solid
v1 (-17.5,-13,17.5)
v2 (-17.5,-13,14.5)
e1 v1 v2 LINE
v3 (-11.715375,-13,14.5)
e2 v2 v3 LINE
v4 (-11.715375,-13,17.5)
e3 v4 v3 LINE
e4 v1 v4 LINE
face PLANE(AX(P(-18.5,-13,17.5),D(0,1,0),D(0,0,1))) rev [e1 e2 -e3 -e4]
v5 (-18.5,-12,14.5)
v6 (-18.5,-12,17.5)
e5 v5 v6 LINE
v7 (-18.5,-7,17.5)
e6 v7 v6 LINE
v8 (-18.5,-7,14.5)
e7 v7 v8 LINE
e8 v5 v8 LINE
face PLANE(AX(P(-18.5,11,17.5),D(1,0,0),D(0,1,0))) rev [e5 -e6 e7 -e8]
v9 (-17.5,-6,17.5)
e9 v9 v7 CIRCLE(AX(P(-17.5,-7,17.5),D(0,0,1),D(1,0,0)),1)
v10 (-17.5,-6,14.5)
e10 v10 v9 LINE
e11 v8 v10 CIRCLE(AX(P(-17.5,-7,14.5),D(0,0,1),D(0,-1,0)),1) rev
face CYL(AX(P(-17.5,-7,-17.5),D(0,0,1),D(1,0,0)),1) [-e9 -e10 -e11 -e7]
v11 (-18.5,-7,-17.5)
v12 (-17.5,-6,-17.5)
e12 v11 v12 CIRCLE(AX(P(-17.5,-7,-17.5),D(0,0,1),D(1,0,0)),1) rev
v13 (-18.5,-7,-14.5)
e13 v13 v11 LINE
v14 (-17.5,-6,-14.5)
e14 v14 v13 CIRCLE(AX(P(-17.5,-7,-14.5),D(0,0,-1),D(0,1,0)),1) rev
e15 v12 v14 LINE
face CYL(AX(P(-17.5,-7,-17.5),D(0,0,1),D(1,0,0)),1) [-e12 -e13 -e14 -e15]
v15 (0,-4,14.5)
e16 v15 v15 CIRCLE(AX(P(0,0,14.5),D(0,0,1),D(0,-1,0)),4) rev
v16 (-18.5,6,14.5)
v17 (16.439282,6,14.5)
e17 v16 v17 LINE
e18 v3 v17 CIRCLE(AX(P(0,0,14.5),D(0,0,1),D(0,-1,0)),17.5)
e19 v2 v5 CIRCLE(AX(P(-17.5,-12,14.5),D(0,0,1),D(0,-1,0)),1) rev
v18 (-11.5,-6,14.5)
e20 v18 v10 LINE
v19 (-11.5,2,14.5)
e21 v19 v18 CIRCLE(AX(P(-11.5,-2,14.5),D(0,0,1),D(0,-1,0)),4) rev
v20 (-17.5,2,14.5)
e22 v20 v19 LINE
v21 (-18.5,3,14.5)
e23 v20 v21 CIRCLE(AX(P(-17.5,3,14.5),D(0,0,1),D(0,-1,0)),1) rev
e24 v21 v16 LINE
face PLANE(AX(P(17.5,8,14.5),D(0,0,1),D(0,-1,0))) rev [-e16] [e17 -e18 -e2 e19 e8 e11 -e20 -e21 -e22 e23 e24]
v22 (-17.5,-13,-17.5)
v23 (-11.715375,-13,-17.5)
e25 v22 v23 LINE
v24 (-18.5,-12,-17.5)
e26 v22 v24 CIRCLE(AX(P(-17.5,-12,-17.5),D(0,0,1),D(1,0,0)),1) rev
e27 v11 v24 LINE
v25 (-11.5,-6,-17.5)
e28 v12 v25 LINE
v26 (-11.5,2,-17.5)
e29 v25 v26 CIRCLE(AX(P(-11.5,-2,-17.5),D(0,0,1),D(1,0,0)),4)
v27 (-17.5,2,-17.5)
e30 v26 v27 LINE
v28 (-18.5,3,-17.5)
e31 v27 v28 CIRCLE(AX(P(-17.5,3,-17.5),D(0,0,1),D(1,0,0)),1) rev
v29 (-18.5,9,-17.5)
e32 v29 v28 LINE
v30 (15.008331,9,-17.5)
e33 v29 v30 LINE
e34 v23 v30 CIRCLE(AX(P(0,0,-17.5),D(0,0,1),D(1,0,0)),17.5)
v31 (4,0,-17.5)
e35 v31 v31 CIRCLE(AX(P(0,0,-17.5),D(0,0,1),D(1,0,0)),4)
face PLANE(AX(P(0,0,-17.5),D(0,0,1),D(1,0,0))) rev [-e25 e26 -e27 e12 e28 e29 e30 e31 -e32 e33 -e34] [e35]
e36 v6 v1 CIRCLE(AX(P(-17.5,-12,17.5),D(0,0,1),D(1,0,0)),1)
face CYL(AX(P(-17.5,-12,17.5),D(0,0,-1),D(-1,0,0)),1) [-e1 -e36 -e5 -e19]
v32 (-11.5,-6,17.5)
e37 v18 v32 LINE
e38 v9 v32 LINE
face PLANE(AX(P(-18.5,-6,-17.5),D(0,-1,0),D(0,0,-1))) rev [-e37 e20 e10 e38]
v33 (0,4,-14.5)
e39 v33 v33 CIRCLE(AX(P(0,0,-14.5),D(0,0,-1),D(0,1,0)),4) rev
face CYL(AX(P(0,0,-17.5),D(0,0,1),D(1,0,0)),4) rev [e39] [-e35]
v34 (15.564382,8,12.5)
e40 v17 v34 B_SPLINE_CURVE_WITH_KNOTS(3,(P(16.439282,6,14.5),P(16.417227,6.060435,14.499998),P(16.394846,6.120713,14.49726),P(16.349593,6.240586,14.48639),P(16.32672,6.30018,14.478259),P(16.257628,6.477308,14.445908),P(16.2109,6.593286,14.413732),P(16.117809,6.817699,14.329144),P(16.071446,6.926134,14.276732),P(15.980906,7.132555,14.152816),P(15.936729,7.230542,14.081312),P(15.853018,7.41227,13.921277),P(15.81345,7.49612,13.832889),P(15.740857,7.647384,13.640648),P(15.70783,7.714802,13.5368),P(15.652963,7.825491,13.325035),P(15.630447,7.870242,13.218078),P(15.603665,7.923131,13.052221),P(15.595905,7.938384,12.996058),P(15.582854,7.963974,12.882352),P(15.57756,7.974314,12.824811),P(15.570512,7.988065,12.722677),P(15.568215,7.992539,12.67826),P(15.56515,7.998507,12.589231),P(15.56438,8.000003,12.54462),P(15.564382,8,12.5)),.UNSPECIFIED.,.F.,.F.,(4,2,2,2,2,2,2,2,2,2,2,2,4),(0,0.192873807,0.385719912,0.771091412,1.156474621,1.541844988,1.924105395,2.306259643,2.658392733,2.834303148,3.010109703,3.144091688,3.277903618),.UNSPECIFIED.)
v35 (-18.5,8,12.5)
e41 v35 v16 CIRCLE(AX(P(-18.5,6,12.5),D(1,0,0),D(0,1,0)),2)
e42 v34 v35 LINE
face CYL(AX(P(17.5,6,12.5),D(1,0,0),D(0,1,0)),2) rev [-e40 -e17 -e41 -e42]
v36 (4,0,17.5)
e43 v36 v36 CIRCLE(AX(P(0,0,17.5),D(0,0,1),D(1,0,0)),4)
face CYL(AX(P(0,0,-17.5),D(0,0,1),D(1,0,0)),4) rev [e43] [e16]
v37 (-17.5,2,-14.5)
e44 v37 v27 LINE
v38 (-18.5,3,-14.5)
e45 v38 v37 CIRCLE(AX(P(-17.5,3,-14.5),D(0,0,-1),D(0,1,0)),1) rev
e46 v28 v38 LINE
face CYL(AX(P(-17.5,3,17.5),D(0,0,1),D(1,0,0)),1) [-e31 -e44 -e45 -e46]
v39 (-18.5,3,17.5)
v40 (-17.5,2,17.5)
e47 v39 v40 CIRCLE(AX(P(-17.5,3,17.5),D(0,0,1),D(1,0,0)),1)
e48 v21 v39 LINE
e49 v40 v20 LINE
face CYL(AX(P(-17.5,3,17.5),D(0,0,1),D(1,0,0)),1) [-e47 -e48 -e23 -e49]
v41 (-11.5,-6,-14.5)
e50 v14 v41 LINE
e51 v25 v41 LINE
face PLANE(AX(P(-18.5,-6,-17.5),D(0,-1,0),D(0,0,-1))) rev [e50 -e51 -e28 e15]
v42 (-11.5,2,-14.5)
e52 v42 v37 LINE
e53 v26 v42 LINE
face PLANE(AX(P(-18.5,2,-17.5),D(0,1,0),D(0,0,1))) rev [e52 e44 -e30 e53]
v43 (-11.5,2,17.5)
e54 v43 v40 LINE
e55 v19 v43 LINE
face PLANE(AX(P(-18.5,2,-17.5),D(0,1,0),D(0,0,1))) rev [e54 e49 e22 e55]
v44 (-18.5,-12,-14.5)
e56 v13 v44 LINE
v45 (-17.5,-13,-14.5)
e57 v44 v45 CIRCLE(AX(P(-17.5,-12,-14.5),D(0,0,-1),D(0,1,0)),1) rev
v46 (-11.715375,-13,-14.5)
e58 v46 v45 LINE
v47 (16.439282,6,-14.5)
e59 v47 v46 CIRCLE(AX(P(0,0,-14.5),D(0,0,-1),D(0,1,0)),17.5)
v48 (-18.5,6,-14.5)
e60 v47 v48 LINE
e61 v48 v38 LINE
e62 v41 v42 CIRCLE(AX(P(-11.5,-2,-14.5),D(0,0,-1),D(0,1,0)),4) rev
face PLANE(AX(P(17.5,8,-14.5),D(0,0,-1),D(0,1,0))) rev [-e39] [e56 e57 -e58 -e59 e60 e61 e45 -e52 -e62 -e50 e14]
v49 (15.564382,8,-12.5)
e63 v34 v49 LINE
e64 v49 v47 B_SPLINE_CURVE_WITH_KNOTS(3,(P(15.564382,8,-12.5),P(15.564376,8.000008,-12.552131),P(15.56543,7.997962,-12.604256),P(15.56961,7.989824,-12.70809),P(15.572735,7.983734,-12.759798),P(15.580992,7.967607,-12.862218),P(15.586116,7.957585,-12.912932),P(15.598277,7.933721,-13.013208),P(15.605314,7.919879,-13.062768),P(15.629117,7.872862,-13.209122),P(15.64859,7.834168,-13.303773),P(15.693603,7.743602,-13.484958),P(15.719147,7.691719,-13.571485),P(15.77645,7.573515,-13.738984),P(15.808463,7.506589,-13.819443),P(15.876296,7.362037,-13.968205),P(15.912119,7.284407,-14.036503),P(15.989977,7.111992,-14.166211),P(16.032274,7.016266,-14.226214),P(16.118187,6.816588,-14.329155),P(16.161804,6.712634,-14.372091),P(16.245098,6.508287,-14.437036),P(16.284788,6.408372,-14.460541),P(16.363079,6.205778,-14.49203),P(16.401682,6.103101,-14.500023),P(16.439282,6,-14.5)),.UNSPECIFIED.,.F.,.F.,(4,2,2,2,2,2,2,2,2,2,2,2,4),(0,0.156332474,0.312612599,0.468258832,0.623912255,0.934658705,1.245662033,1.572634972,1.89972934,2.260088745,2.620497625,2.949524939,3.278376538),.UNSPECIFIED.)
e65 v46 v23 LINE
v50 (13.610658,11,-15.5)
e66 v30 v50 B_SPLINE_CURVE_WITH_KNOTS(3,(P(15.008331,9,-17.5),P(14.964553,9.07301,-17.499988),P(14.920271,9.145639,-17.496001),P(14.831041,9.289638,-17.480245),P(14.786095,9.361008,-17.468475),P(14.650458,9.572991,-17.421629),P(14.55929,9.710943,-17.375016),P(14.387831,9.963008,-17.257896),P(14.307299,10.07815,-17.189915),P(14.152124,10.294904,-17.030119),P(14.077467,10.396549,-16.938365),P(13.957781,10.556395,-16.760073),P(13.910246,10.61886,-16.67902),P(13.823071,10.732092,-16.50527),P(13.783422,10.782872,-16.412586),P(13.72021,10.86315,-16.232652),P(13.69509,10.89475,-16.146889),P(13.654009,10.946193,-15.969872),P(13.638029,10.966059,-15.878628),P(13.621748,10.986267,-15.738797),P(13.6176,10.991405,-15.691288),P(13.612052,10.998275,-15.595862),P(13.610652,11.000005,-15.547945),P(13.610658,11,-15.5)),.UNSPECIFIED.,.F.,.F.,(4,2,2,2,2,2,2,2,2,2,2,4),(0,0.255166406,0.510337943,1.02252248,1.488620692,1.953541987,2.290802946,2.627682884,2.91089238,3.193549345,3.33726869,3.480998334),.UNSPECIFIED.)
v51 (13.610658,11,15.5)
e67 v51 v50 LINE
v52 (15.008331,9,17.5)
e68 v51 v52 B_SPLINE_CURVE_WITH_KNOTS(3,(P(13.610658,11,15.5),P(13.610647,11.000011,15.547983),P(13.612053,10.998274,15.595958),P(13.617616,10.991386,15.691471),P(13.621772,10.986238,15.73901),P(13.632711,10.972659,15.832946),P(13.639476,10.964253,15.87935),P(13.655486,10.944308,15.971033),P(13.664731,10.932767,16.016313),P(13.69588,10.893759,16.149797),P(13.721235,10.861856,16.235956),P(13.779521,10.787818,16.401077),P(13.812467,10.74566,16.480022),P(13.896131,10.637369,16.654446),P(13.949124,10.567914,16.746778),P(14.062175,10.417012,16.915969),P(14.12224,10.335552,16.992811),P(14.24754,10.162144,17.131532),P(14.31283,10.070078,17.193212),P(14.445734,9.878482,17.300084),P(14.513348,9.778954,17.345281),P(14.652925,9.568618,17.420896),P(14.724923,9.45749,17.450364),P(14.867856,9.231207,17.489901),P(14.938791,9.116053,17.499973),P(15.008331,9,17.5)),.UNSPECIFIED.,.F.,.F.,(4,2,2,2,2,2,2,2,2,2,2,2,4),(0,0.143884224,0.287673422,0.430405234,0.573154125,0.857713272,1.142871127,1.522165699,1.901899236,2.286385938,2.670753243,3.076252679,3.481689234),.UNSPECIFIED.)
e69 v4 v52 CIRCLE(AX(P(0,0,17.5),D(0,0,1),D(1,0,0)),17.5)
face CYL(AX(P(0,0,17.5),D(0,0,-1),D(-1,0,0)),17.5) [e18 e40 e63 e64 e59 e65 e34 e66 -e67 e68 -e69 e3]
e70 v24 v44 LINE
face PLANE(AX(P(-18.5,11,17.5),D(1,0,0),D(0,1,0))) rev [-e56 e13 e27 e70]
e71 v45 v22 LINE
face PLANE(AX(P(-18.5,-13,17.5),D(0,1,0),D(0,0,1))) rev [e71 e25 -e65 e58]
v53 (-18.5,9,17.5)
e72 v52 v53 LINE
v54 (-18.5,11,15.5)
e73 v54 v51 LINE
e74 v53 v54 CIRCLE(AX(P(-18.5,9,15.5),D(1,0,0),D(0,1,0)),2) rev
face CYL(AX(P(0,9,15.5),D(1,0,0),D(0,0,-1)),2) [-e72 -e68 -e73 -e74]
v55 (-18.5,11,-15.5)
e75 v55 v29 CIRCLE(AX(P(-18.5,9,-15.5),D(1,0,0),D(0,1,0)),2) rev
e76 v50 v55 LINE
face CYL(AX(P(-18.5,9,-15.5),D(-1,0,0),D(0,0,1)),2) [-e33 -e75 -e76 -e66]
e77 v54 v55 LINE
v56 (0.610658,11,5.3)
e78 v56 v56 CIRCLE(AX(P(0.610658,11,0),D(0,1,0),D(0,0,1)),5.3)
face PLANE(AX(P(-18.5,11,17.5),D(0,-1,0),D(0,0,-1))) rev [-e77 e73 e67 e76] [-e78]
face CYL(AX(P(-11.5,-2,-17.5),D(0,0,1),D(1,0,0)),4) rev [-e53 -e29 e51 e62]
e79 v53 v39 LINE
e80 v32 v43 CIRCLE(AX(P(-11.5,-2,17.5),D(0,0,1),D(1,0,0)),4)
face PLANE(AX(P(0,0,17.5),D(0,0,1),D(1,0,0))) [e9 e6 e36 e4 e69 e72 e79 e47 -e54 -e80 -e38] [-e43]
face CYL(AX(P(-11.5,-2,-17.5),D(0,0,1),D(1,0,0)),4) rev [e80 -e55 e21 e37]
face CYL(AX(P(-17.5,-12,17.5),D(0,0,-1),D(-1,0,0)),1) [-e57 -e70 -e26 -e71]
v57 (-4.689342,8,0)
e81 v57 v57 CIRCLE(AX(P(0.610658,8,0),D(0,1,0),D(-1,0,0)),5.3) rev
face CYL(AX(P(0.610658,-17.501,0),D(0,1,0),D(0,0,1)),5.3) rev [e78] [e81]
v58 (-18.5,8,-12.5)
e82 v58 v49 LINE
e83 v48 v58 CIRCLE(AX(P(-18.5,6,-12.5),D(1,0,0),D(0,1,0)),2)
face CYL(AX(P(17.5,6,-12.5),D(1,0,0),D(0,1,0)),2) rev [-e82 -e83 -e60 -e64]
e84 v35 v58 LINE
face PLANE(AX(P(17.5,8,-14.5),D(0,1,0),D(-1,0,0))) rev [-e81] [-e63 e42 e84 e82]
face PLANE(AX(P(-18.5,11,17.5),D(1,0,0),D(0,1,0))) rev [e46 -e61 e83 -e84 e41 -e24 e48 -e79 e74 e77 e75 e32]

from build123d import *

# Parameters (mm, degrees)
EXTRUDE_1_DEPTH     = 17.5
SKETCH_2_R          = 4
CUT_EXTRUDE_1_DEPTH = 44.283946216
SKETCH_3_W          = 29
SKETCH_3_H          = 25.5
CUT_EXTRUDE_2_DEPTH = 44.686382318
CUT_EXTRUDE_3_REACH = 40.22
SKETCH_4_R          = 5.3
FILLET_1_R          = 1
FILLET_2_R          = 2


with BuildPart() as part:
    # ｽｹｯﾁ1 → ﾎﾞｽ - 押し出し1 (new, symmetric)
    with BuildSketch(Plane.XY):
        with BuildLine():
            Line((-18.5, 11), (-18.5, -13))
            Line((-18.5, -13), (-11.715374514, -13))
            ThreePointArc((-11.715374514, -13), (12.037359531, -12.702439747), (13.610657589, 11))
            Line((13.610657589, 11), (-18.5, 11))
        make_face()
    extrude(amount=EXTRUDE_1_DEPTH, both=True)

    # ｽｹｯﾁ2 → ｶｯﾄ - 押し出し1 (cut, through all)
    with BuildSketch(Plane.XY.offset(17.5)):
        Circle(SKETCH_2_R)
        with BuildLine():
            Line((-18.5, 2), (-11.5, 2))
            ThreePointArc((-11.5, 2), (-7.5, -2), (-11.5, -6))
            Line((-11.5, -6), (-18.5, -6))
            Line((-18.5, -6), (-18.5, 2))
        make_face()
    extrude(amount=-CUT_EXTRUDE_1_DEPTH, mode=Mode.SUBTRACT)

    # ｽｹｯﾁ3 → ｶｯﾄ - 押し出し2 (cut, through all)
    with BuildSketch(Plane.ZY.offset(18.5)):
        with Locations((0, -4.75)):
            Rectangle(SKETCH_3_W, SKETCH_3_H)
    extrude(amount=-CUT_EXTRUDE_2_DEPTH, mode=Mode.SUBTRACT)

    # ｽｹｯﾁ4 → ｶｯﾄ - 押し出し3 (cut, up to next)
    with BuildSketch(Plane(origin=(0, 11, 0), x_dir=(1, 0, 0), z_dir=(0, 1, 0)), mode=Mode.PRIVATE) as cut_extrude_3_sk1:
        with Locations(Location((0.610657589, 0, 0), (0, 0, 270))):
            Circle(SKETCH_4_R)
    cut_extrude_3_tool1 = extrude(cut_extrude_3_sk1.sketch, amount=-CUT_EXTRUDE_3_REACH, mode=Mode.PRIVATE) & part.part
    add(cut_extrude_3_tool1.solids().sort_by_distance((0.610658, 11, 0))[0], mode=Mode.SUBTRACT)

    # ﾌｨﾚｯﾄ1
    fillet_1_edges = [part.edges().sort_by_distance(p)[0] for p in [
        (-18.5, -6, -16),
        (-18.5, 2, -16),
        (-18.5, -6, 16),
        (-18.5, 2, 16),
        (-18.5, -13, -16),
        (-18.5, -13, 16),
    ]]
    fillet(fillet_1_edges, radius=FILLET_1_R)

    # ﾌｨﾚｯﾄ2
    fillet_2_edges = [part.edges().sort_by_distance(p)[0] for p in [
        (-2.444671206, 11, 17.5),
        (-1.467808792, 8, -14.5),
        (-1.467808792, 8, 14.5),
        (-2.444671206, 11, -17.5),
    ]]
    fillet(fillet_2_edges, radius=FILLET_2_R)


solid = part.part
